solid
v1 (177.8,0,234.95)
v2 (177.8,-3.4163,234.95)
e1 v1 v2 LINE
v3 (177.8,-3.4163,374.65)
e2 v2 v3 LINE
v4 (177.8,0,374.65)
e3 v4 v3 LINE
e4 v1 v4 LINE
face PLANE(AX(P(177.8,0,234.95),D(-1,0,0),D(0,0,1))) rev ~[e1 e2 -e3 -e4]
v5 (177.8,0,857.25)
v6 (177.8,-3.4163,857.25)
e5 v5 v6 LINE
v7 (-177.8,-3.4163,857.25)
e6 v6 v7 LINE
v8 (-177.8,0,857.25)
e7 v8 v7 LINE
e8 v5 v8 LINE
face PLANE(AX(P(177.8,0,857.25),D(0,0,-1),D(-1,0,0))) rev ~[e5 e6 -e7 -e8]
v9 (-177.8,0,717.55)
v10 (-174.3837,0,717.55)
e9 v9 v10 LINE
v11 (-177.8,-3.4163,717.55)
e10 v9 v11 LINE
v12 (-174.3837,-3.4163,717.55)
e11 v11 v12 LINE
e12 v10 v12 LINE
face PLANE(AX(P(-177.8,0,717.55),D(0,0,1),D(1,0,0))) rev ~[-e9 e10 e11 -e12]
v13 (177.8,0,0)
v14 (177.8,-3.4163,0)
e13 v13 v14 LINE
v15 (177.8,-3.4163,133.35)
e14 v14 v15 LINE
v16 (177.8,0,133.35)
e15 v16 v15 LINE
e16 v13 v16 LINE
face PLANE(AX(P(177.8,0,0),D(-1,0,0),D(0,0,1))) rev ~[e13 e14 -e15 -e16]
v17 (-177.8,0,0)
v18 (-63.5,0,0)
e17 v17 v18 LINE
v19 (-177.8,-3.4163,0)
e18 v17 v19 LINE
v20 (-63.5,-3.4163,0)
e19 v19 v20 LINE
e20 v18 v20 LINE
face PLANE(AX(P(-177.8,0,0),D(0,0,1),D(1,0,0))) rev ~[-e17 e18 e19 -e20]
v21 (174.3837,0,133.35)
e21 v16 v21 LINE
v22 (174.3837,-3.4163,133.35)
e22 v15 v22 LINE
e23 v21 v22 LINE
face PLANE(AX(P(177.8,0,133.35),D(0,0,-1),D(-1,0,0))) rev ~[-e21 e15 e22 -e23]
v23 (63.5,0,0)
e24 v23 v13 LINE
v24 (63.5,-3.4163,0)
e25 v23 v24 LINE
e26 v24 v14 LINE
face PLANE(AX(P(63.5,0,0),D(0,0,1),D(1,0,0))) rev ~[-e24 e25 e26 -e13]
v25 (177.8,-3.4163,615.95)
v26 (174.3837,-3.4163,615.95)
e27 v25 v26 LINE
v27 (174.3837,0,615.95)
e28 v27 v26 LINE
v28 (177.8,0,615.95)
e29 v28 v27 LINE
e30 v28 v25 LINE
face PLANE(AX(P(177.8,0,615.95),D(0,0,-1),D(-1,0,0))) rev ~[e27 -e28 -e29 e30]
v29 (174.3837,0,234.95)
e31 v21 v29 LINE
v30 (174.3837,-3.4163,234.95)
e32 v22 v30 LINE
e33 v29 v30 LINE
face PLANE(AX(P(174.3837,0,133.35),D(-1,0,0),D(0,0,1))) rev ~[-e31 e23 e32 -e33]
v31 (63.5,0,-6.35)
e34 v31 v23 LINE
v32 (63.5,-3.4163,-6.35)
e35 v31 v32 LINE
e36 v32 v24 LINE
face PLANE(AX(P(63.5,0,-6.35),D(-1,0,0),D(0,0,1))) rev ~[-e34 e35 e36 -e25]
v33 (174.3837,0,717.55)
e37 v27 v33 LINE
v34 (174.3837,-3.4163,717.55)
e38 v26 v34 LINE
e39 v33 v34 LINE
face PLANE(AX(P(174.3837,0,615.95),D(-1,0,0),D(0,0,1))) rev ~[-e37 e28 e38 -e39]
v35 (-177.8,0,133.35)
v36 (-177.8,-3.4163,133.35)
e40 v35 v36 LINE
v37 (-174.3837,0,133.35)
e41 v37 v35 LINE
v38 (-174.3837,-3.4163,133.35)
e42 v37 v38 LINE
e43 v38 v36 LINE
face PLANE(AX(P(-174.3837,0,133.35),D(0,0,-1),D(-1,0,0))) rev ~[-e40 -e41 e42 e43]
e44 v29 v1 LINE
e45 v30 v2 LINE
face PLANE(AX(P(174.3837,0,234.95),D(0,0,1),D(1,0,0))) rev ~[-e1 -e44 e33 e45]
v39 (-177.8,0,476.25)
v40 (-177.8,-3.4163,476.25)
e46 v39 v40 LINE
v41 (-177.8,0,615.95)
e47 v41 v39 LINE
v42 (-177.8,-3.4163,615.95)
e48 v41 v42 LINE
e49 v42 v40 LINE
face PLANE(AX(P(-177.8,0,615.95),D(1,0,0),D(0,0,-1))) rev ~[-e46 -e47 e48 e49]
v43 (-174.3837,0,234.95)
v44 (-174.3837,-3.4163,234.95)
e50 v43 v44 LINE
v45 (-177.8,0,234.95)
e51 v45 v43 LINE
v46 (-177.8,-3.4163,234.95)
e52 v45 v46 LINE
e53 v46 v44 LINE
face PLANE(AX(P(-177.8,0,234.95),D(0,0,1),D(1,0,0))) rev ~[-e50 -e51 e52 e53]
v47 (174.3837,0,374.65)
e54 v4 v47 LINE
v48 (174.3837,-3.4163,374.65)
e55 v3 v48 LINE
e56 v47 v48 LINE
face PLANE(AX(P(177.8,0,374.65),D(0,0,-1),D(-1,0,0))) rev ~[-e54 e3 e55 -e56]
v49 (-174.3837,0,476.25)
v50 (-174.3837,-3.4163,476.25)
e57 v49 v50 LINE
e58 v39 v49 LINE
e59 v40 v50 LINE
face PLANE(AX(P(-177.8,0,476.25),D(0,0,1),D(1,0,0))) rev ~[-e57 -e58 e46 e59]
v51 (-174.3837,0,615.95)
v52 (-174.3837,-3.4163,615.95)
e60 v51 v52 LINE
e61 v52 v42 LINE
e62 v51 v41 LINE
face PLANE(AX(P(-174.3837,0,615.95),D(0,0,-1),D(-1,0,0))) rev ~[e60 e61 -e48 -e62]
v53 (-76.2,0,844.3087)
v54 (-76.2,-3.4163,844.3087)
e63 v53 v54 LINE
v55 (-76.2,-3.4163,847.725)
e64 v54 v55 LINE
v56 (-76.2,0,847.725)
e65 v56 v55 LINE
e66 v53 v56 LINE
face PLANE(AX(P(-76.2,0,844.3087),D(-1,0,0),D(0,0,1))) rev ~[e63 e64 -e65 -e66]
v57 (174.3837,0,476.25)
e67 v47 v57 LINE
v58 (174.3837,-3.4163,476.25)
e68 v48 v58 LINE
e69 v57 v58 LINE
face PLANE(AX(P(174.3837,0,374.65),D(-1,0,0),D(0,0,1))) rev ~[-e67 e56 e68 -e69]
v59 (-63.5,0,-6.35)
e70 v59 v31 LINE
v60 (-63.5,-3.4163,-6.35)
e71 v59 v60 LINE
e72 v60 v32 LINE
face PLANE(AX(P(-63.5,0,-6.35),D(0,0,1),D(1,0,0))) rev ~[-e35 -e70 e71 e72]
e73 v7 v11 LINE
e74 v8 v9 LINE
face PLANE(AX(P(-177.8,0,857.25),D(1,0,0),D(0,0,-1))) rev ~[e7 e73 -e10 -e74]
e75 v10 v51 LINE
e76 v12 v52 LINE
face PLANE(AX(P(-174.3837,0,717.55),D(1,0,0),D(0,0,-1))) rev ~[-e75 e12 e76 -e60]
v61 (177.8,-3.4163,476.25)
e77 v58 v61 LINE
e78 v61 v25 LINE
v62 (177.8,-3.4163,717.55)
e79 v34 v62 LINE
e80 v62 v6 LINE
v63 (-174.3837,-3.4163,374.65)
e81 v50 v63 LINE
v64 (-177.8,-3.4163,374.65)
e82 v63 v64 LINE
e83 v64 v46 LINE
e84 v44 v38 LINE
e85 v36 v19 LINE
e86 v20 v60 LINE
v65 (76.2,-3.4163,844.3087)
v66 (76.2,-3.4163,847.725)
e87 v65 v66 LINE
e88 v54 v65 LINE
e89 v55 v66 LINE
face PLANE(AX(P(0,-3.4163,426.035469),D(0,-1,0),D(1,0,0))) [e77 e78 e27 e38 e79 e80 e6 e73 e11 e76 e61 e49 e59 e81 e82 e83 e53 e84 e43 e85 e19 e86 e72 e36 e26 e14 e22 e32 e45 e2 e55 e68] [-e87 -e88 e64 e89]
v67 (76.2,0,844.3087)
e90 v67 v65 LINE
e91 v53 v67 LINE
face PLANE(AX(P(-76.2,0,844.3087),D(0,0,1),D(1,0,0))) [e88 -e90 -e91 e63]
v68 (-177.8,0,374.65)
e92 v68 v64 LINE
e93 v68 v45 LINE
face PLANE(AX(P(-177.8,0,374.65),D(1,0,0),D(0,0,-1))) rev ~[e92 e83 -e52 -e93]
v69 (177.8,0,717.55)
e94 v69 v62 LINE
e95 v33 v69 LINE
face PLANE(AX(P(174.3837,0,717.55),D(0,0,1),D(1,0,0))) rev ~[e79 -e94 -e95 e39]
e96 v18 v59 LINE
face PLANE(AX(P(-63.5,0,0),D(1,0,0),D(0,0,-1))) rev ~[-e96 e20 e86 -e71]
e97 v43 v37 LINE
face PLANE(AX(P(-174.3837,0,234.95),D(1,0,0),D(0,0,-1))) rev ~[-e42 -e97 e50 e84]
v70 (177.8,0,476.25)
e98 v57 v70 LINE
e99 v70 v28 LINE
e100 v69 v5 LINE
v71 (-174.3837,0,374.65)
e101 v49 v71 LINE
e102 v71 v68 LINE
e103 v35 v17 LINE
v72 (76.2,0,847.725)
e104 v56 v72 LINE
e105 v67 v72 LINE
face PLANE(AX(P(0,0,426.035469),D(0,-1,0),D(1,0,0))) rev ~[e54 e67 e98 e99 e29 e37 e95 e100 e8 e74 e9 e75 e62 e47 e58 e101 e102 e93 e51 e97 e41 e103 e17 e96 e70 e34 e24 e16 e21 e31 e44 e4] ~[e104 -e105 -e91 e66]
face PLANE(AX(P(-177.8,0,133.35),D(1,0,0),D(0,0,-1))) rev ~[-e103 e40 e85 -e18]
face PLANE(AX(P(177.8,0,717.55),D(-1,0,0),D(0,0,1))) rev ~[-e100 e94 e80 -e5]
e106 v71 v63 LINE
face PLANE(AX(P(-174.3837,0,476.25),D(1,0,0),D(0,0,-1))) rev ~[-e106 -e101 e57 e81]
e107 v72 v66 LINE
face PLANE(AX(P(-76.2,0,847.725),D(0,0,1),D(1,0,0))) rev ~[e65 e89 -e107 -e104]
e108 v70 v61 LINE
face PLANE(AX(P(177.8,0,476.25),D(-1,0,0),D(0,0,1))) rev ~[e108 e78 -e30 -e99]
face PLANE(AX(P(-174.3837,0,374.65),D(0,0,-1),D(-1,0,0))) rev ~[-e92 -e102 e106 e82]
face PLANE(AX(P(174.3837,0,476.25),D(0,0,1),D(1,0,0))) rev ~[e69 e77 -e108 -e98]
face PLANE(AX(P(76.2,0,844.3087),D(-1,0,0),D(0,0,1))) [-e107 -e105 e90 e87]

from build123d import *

# Parameters (mm, degrees)
F0_W     = 152.4
F0_H     = 3.4163
F1_DEPTH = 3.4163


with BuildPart() as f1:
    # F0 (on Front) → F1 (new body)
    with BuildSketch(Plane.XZ):
        Polygon((-177.8, 0), (-63.5, 0), (-63.5, -6.35), (63.5, -6.35), (63.5, 0), (177.8, 0), (177.8, 133.35), (174.3837, 133.35), (174.3837, 234.95), (177.8, 234.95), (177.8, 374.65), (174.3837, 374.65), (174.3837, 476.25), (177.8, 476.25), (177.8, 615.95), (174.3837, 615.95), (174.3837, 717.55), (177.8, 717.55), (177.8, 857.25), (76.2, 857.25), (-76.2, 857.25), (-177.8, 857.25), (-177.8, 717.55), (-174.3837, 717.55), (-174.3837, 615.95), (-177.8, 615.95), (-177.8, 476.25), (-174.3837, 476.25), (-174.3837, 374.65), (-177.8, 374.65), (-177.8, 234.95), (-174.3837, 234.95), (-174.3837, 133.35), (-177.8, 133.35), align=None)
        with Locations((0, 846.01685)):
            Rectangle(F0_W, F0_H, mode=Mode.SUBTRACT)
    extrude(amount=F1_DEPTH)


solid = f1.part
